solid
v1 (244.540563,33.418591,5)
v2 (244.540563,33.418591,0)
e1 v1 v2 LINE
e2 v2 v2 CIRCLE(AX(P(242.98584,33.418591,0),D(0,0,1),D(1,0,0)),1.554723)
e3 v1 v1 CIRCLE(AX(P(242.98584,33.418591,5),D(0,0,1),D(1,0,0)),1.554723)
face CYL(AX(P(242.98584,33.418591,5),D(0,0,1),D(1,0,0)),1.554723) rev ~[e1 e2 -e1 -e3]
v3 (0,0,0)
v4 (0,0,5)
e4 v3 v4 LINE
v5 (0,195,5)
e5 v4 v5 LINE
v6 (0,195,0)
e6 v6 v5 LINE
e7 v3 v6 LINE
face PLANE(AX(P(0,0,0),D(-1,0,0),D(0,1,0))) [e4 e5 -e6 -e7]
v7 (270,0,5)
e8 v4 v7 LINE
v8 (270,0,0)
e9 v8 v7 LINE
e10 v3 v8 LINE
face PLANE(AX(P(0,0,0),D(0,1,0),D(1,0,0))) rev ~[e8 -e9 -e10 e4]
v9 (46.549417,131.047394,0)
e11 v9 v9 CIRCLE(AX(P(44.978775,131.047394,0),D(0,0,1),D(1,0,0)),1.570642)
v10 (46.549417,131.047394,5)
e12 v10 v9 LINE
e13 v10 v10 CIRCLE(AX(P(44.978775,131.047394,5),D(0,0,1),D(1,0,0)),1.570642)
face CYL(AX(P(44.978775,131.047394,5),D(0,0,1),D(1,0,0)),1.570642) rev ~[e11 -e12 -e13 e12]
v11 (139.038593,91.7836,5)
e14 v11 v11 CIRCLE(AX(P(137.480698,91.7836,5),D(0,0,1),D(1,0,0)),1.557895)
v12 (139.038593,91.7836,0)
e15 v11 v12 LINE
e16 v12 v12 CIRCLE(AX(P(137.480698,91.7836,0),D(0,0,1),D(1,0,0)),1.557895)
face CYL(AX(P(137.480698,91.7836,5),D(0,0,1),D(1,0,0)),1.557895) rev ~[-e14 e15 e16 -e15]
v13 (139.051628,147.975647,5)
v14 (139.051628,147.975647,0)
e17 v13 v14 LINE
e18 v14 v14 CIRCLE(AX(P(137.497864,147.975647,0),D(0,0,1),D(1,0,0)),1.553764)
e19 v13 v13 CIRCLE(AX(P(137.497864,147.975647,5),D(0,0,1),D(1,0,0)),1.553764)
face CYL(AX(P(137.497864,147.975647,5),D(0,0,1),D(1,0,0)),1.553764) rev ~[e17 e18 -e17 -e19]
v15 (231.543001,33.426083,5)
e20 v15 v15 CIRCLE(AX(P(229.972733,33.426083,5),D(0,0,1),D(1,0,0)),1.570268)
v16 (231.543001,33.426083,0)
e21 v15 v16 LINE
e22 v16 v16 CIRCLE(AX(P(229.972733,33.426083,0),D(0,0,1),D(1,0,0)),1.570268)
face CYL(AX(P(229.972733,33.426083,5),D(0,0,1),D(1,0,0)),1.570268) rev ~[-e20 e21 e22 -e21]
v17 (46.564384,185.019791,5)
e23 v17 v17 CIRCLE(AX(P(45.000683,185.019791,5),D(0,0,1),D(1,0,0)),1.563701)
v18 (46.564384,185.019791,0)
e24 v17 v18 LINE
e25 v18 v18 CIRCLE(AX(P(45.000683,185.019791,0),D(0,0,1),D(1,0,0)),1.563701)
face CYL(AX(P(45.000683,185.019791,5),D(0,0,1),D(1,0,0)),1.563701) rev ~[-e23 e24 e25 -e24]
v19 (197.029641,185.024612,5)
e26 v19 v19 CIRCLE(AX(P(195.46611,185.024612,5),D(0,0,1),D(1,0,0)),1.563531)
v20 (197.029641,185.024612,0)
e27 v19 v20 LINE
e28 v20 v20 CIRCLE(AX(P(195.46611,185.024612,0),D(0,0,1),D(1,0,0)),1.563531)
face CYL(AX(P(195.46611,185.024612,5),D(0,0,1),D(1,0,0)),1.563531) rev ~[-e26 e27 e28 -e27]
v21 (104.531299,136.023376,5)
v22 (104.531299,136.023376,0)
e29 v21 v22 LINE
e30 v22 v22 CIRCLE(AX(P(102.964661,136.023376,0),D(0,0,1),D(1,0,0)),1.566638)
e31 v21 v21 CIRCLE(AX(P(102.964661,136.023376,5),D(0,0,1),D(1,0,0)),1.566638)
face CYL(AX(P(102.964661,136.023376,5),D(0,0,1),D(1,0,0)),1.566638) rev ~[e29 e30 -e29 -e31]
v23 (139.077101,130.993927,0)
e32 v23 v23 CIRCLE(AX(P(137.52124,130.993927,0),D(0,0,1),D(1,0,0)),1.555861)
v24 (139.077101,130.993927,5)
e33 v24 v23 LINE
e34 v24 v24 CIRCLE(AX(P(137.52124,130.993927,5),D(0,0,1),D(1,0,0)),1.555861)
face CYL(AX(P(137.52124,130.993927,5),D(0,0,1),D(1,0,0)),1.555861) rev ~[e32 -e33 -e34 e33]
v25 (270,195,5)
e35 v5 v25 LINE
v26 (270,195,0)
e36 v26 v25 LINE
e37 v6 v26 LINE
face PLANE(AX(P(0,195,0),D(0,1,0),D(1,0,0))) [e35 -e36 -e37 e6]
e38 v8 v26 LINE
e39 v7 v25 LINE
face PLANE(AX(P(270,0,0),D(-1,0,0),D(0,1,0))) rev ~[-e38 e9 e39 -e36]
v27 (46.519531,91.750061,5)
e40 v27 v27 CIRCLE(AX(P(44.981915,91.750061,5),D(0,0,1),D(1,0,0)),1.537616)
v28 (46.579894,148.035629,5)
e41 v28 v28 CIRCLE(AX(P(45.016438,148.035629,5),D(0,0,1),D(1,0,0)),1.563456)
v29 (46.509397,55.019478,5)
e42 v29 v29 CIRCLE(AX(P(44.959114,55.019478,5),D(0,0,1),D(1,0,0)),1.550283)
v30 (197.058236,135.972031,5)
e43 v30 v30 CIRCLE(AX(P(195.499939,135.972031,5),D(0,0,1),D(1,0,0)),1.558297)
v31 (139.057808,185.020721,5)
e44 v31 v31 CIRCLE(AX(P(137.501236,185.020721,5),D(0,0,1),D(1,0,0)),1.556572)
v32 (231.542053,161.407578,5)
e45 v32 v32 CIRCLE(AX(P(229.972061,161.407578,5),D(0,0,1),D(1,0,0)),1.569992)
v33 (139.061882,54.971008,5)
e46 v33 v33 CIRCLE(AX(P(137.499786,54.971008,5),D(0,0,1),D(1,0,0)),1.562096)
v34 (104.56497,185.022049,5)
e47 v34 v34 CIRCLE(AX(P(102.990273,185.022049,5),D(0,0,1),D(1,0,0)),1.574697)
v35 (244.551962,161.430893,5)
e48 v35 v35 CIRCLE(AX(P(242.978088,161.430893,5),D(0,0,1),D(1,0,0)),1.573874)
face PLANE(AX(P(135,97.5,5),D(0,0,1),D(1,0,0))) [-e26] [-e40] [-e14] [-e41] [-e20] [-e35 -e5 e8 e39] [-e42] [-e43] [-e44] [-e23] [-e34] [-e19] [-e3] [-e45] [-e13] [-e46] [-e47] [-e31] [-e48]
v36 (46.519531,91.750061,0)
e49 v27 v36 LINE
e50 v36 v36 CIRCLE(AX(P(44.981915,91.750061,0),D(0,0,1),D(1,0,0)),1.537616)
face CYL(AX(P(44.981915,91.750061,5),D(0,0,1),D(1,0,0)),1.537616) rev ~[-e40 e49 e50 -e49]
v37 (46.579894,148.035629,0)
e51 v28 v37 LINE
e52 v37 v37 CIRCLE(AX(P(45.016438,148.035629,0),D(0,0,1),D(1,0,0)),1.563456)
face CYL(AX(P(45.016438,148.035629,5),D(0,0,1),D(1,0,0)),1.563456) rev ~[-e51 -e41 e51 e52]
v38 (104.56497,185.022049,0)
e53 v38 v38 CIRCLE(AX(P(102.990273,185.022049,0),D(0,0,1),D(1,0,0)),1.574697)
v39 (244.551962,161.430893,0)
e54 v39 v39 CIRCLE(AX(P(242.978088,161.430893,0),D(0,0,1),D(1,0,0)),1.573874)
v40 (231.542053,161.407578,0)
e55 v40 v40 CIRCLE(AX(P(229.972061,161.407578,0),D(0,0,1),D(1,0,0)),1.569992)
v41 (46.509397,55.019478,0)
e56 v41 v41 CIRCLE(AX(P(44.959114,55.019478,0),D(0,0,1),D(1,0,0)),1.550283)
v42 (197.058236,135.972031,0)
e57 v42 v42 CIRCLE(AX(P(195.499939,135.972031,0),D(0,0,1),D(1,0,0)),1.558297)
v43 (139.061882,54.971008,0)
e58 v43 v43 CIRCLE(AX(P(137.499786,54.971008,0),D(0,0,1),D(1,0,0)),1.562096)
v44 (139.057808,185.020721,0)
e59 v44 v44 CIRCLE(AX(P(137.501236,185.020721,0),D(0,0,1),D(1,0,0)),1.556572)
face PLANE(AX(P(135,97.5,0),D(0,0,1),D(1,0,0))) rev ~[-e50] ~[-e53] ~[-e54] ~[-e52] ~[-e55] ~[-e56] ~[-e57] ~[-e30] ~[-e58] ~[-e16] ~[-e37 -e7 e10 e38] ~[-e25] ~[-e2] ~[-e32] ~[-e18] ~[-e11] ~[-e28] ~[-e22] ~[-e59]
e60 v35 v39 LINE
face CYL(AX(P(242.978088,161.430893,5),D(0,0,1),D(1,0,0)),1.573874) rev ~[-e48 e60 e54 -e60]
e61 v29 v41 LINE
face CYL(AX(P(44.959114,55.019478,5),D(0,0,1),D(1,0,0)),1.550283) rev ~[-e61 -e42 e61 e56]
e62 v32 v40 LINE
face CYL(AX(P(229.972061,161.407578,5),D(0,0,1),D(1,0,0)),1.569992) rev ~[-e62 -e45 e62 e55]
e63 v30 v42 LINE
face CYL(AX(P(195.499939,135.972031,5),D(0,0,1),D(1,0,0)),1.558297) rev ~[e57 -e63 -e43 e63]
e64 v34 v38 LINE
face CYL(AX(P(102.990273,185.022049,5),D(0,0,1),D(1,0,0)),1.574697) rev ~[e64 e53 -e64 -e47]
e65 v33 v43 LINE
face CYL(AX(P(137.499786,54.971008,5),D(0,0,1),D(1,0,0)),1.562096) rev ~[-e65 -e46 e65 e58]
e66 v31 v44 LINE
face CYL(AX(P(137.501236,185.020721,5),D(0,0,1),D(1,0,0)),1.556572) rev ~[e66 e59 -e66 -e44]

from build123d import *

# Parameters (mm, degrees)
BOX002_W        = 270
BOX002_H        = 195
BOX002_DEPTH    = 5
SKETCH032_R     = 1.563701
SKETCH032_R_2   = 1.563456
SKETCH032_R_3   = 1.570642
SKETCH032_R_4   = 1.574697
SKETCH032_R_5   = 1.556572
SKETCH032_R_6   = 1.566638
SKETCH032_R_7   = 1.563531
SKETCH032_R_8   = 1.553764
SKETCH032_R_9   = 1.555861
SKETCH032_R_10  = 1.537616
SKETCH032_R_11  = 1.557895
SKETCH032_R_12  = 1.550283
SKETCH032_R_13  = 1.562096
SKETCH032_R_14  = 1.558297
SKETCH032_R_15  = 1.569992
SKETCH032_R_16  = 1.573874
SKETCH032_R_17  = 1.570268
SKETCH032_R_18  = 1.554723
POCKET002_DEPTH = 5


with BuildPart() as part:
    # Box002 → Box002 (new body)
    with BuildSketch(Plane.XY):
        with Locations((135, 97.5)):
            Rectangle(BOX002_W, BOX002_H)
    extrude(amount=BOX002_DEPTH)

    # Sketch032 → Pocket002 (cut)
    with BuildSketch(Plane.XY.offset(5)):
        with Locations((45.000683, 185.019791)):
            Circle(SKETCH032_R)
        with Locations((45.016438, 148.035629)):
            Circle(SKETCH032_R_2)
        with Locations((44.978775, 131.047394)):
            Circle(SKETCH032_R_3)
        with Locations((102.990273, 185.022049)):
            Circle(SKETCH032_R_4)
        with Locations((137.501236, 185.020721)):
            Circle(SKETCH032_R_5)
        with Locations((102.964661, 136.023376)):
            Circle(SKETCH032_R_6)
        with Locations((195.46611, 185.024612)):
            Circle(SKETCH032_R_7)
        with Locations((137.497864, 147.975647)):
            Circle(SKETCH032_R_8)
        with Locations((137.52124, 130.993927)):
            Circle(SKETCH032_R_9)
        with Locations((44.981915, 91.750061)):
            Circle(SKETCH032_R_10)
        with Locations((137.480698, 91.7836)):
            Circle(SKETCH032_R_11)
        with Locations((44.959114, 55.019478)):
            Circle(SKETCH032_R_12)
        with Locations((137.499786, 54.971008)):
            Circle(SKETCH032_R_13)
        with Locations((195.499939, 135.972031)):
            Circle(SKETCH032_R_14)
        with Locations((229.972061, 161.407578)):
            Circle(SKETCH032_R_15)
        with Locations((242.978088, 161.430893)):
            Circle(SKETCH032_R_16)
        with Locations((229.972733, 33.426083)):
            Circle(SKETCH032_R_17)
        with Locations((242.98584, 33.418591)):
            Circle(SKETCH032_R_18)
    extrude(amount=-POCKET002_DEPTH, mode=Mode.SUBTRACT)


solid = part.part
